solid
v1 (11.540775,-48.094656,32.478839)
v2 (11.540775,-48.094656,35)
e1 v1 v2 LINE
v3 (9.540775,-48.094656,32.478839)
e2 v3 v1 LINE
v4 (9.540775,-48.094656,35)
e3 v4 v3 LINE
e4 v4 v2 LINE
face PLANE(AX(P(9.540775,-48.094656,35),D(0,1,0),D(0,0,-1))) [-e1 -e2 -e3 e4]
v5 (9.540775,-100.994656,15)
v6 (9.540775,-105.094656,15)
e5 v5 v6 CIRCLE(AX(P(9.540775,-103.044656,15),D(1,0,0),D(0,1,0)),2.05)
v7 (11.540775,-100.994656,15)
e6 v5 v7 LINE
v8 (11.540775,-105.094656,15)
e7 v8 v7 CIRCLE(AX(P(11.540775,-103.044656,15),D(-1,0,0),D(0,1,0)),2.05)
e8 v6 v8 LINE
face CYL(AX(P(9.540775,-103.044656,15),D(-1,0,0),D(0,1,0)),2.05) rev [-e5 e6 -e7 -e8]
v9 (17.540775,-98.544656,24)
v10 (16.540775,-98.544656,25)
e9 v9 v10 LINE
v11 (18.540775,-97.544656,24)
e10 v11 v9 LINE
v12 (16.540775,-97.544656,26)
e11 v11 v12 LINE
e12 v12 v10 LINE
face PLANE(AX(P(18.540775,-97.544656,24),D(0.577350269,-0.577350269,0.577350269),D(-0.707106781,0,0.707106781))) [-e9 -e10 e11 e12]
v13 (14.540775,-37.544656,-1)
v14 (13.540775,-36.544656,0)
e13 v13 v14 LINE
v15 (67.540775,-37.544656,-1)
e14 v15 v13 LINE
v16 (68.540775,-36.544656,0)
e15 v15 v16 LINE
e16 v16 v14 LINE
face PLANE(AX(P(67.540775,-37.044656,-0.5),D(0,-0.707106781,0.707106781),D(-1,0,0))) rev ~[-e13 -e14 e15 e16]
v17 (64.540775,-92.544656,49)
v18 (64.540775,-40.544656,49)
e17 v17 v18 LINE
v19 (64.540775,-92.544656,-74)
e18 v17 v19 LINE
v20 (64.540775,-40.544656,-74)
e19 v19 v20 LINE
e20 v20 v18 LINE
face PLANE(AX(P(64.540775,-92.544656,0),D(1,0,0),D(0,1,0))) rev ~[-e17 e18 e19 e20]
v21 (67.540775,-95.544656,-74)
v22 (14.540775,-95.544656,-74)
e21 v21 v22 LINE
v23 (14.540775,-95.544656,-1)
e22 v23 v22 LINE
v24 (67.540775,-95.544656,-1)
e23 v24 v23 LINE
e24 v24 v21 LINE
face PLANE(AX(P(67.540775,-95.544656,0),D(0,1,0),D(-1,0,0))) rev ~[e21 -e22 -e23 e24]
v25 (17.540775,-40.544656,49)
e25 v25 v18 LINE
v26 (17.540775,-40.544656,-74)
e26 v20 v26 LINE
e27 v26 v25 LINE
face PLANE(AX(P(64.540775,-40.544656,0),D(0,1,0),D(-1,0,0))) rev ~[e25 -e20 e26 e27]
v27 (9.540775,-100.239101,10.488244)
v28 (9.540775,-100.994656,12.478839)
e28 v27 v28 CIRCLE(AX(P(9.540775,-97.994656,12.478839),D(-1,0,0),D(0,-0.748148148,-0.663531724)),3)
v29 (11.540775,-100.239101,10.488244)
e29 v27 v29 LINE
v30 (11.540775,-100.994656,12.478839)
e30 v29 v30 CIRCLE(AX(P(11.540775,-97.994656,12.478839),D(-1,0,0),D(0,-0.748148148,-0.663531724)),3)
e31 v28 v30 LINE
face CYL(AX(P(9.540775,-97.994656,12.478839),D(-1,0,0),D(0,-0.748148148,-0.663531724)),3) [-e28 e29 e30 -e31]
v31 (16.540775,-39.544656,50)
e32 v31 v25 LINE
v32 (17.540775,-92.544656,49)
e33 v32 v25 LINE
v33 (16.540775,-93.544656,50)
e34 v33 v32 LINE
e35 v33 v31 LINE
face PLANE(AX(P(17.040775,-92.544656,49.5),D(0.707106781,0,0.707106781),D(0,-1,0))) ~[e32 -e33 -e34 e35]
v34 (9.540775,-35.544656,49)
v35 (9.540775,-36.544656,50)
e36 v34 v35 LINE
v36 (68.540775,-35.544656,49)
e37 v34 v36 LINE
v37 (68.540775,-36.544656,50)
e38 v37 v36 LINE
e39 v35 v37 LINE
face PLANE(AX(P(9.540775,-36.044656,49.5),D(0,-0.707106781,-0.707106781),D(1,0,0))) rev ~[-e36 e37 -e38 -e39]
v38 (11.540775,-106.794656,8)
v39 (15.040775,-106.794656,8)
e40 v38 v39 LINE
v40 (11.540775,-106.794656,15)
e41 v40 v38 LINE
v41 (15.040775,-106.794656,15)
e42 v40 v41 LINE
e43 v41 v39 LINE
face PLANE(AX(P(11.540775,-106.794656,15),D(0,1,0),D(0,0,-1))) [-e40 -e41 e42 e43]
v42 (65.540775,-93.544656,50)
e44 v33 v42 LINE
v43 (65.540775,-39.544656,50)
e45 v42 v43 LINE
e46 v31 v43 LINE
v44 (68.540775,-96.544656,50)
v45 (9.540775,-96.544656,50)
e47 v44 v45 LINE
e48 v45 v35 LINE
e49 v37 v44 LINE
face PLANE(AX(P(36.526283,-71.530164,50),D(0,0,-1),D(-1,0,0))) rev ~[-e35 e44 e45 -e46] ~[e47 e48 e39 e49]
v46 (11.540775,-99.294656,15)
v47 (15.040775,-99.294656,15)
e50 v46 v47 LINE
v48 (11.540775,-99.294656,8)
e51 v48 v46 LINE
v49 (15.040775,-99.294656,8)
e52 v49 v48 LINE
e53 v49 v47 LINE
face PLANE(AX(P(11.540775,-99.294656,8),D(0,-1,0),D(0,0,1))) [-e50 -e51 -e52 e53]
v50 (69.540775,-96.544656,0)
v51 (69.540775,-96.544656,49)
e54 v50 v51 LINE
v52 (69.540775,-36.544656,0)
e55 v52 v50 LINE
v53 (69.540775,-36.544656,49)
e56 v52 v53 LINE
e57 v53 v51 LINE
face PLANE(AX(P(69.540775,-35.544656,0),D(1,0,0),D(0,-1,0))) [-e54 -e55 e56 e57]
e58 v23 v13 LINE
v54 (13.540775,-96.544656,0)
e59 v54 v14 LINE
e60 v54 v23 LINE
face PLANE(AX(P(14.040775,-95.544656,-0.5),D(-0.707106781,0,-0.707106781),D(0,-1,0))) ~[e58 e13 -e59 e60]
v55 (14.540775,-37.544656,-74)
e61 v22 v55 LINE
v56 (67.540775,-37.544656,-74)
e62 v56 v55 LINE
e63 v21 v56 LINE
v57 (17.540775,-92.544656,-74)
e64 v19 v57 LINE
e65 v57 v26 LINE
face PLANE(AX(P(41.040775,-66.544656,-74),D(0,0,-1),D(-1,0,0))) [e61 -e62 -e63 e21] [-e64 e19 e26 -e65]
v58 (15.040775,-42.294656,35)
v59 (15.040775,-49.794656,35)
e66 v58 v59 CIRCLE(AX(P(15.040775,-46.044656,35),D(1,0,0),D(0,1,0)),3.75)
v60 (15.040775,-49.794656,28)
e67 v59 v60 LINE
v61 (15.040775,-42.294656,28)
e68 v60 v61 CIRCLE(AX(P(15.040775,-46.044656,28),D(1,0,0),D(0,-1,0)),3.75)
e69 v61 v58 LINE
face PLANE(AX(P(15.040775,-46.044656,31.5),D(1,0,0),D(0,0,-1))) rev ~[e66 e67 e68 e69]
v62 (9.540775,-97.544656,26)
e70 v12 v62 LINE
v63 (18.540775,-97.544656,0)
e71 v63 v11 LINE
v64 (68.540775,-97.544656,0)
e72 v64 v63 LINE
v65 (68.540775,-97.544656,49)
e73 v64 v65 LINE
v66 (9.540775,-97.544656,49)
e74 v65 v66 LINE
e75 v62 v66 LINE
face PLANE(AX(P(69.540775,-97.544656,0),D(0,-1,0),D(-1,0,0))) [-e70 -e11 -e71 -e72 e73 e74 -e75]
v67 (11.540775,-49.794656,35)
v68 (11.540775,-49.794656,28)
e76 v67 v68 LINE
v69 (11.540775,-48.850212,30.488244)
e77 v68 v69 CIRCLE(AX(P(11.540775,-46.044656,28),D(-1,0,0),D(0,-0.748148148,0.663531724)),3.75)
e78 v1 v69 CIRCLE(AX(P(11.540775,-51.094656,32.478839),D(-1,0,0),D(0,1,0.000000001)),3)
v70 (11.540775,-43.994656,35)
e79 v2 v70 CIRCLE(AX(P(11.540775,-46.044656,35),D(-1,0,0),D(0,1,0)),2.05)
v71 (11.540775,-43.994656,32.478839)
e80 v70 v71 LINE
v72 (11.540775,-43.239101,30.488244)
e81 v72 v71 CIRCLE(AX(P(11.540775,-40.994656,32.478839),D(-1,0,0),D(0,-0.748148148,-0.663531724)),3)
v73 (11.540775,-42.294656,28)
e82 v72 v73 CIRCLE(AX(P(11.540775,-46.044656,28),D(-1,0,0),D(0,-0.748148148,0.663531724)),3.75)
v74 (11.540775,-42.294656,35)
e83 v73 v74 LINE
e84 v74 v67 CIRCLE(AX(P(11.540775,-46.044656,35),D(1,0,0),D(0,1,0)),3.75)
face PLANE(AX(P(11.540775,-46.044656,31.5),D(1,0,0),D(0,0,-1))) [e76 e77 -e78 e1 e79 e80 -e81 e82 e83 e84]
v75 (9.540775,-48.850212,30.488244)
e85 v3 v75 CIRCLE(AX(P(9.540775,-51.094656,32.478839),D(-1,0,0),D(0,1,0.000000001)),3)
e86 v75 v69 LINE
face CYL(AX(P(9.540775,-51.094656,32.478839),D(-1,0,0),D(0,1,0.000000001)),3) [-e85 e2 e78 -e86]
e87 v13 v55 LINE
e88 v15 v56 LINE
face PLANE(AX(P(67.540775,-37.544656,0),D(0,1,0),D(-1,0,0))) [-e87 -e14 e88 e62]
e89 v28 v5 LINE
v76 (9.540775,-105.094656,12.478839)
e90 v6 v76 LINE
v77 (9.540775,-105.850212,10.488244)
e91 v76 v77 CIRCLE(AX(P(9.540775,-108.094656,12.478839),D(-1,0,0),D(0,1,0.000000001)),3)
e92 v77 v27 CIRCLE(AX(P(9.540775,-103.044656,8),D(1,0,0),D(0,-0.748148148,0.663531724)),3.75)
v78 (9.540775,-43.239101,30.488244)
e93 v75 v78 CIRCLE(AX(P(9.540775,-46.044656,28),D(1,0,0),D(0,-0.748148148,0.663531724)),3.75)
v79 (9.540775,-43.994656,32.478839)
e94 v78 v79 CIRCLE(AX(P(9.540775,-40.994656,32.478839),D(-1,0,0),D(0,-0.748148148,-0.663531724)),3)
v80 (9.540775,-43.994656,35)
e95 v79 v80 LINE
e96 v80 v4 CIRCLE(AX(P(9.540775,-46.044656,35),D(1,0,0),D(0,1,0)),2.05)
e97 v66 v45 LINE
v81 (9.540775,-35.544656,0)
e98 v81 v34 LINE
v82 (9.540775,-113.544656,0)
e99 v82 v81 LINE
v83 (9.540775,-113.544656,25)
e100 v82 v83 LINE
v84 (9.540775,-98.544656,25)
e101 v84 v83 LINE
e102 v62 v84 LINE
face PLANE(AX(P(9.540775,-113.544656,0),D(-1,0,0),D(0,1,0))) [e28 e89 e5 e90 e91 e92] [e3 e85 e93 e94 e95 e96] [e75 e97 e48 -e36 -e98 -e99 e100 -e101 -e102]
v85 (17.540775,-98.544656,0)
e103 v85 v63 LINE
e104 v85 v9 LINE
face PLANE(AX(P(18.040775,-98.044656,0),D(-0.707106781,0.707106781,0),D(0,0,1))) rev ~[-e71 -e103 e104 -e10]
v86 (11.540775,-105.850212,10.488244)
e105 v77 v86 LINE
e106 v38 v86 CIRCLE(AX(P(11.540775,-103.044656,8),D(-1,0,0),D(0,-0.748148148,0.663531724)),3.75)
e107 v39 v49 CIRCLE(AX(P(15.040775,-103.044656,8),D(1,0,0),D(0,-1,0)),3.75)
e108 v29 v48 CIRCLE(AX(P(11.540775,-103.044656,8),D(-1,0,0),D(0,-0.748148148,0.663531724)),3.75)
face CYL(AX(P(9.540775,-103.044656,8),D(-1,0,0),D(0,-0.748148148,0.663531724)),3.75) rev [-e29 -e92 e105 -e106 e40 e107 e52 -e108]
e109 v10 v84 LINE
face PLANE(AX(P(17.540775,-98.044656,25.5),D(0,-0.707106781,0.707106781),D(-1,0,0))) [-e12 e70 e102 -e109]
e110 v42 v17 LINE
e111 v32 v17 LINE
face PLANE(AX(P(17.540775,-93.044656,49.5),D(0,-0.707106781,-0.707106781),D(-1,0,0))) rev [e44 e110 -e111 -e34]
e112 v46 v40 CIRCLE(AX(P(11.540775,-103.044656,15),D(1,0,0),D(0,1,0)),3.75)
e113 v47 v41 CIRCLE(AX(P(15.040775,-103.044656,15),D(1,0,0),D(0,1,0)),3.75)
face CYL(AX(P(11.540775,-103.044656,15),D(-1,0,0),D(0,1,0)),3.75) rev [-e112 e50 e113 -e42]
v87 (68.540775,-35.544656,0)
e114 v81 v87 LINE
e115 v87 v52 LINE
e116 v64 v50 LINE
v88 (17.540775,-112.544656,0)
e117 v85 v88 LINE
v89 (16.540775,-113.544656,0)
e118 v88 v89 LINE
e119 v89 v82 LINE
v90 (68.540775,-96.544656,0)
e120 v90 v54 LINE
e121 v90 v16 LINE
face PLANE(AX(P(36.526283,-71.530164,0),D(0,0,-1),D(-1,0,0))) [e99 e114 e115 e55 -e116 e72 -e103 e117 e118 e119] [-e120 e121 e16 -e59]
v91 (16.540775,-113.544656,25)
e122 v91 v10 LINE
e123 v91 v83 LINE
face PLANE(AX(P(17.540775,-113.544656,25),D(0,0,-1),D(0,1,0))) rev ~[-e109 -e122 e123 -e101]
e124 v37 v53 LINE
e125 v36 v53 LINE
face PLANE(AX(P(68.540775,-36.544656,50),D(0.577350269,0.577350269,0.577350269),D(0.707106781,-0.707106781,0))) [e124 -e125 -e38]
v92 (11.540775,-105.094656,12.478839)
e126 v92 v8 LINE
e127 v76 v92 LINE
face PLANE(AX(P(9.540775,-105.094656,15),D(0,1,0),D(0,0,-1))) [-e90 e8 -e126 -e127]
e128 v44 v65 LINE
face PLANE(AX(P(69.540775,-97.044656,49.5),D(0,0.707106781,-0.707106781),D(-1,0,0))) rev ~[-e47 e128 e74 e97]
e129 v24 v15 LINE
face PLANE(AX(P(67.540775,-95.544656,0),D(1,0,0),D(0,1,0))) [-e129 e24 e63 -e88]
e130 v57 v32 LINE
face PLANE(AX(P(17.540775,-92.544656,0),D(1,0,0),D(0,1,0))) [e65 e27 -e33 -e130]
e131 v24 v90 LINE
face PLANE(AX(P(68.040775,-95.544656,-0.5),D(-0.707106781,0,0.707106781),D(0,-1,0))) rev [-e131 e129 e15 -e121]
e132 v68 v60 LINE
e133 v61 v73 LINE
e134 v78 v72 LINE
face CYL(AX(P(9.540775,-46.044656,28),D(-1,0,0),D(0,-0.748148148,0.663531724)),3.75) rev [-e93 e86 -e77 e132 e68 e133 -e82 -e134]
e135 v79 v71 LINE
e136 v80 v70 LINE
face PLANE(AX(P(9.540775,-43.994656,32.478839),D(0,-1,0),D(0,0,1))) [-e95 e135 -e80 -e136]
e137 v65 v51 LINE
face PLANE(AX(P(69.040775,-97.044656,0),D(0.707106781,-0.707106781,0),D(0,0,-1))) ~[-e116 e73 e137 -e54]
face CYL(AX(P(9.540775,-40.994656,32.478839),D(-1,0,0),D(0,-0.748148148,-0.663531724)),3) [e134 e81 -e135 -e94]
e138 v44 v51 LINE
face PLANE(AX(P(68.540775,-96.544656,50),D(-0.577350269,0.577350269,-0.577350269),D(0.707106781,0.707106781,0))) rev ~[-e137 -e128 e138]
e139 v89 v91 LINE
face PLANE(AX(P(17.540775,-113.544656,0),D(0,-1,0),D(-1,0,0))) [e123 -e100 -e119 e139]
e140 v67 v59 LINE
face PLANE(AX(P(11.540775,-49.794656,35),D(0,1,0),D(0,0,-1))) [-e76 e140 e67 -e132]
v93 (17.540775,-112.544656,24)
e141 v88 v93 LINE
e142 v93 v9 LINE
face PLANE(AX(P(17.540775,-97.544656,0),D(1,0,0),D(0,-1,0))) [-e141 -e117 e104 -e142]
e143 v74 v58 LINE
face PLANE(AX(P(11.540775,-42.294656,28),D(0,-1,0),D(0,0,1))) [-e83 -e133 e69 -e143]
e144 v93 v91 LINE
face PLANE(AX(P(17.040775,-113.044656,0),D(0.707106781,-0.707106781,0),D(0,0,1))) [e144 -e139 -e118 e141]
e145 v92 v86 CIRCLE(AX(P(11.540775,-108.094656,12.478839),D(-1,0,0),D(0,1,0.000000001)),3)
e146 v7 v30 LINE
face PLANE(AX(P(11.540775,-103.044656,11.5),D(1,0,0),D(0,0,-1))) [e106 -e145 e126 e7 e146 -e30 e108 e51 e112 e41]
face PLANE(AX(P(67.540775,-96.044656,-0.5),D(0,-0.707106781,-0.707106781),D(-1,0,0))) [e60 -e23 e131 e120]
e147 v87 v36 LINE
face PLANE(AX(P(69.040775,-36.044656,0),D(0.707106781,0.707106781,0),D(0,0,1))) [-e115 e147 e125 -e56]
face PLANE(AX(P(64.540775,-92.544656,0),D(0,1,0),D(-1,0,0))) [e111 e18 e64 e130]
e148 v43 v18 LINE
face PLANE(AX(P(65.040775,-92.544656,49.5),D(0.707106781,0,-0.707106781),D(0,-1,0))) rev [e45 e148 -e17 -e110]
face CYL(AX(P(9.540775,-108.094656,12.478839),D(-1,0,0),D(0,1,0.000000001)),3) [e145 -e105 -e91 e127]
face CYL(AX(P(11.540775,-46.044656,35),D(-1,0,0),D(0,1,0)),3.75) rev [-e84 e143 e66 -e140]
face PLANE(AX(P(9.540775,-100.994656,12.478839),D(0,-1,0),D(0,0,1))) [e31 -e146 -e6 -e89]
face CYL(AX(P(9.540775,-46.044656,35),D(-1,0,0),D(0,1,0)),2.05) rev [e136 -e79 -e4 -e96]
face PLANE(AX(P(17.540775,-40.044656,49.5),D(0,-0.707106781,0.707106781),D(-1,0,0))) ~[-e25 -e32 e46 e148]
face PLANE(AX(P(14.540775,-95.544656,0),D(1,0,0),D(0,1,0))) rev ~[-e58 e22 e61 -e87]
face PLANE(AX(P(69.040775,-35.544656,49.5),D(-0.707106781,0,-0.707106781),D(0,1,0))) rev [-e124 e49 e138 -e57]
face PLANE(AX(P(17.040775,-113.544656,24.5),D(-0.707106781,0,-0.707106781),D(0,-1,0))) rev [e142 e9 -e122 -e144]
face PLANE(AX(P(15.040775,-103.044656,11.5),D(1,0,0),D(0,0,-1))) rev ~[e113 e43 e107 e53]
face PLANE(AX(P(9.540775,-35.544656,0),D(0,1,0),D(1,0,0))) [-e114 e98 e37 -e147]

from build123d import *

# Parameters (mm, degrees)
SKETCH1_W           = 47
SKETCH1_H           = 52
BOSS_EXTRUDE1_DEPTH = 50
SKETCH8_W           = 25
SKETCH8_H           = 16
CUT_EXTRUDE1_DEPTH  = 10
CUT_EXTRUDE2_START  = -2
CUT_EXTRUDE2_DEPTH  = 3.5
CUT_EXTRUDE3_DEPTH  = 3.5
CHAMFER1_SIZE       = 1
SKETCH6_W           = 53
SKETCH6_H           = 58
SKETCH6_W_2         = 47
SKETCH6_H_2         = 52
BOSS_EXTRUDE3_DEPTH = 74
CHAMFER2_SIZE       = 1


with BuildPart() as part:
    # Sketch1 → Boss-Extrude1 (new body)
    with BuildSketch(Plane.XY):
        Polygon((17.540775456, -97.544656267), (17.540775456, -113.544656267), (9.540775456, -113.544656267), (9.540775456, -35.544656267), (69.540775456, -35.544656267), (69.540775456, -97.544656267), align=None)
        with Locations((41.040775456, -66.544656267)):
            Rectangle(SKETCH1_W, SKETCH1_H, mode=Mode.SUBTRACT)
    extrude(amount=BOSS_EXTRUDE1_DEPTH)

    # Sketch8 → Cut-Extrude1 (cut)
    with BuildSketch(Plane(origin=(17.540775456, 0, 0), x_dir=(0, 0, -1), z_dir=(1, 0, 0))):
        with Locations((-37.5, -105.544656267)):
            Rectangle(SKETCH8_W, SKETCH8_H)
    extrude(amount=-CUT_EXTRUDE1_DEPTH, mode=Mode.SUBTRACT)

    # Sketch9 → Cut-Extrude2 (cut)
    with BuildSketch(Plane.ZY.offset(-9.540775456).offset(CUT_EXTRUDE2_START)):
        with BuildLine():
            Line((35, -49.794656267), (28, -49.794656267))
            ThreePointArc((28, -49.794656267), (24.25, -46.044656267), (28, -42.294656267))
            Line((28, -42.294656267), (35, -42.294656267))
            ThreePointArc((35, -42.294656267), (38.75, -46.044656267), (35, -49.794656267))
        make_face()
        with BuildLine():
            Line((15, -106.794656267), (8, -106.794656267))
            ThreePointArc((8, -106.794656267), (4.25, -103.044656267), (8, -99.294656267))
            Line((8, -99.294656267), (15, -99.294656267))
            ThreePointArc((15, -99.294656267), (18.75, -103.044656267), (15, -106.794656267))
        make_face()
    extrude(amount=-CUT_EXTRUDE2_DEPTH, mode=Mode.SUBTRACT)

    # Sketch10 → Cut-Extrude3 (cut)
    with BuildSketch(Plane.ZY.offset(-9.540775456)):
        with BuildLine():
            Line((35, -48.094656267), (32.478839135, -48.094656267))
            ThreePointArc((32.478839135, -48.094656267), (31.41425784, -48.289898404), (30.488243964, -48.850211822))
            ThreePointArc((30.488243964, -48.850211822), (24.25, -46.044656267), (30.488243964, -43.239100711))
            ThreePointArc((30.488243964, -43.239100711), (31.41425784, -43.799414129), (32.478839135, -43.994656267))
            Line((32.478839135, -43.994656267), (35, -43.994656267))
            ThreePointArc((35, -43.994656267), (37.05, -46.044656267), (35, -48.094656267))
        make_face()
        with BuildLine():
            Line((12.478839135, -100.994656267), (15, -100.994656267))
            ThreePointArc((15, -100.994656267), (17.05, -103.044656267), (15, -105.094656267))
            Line((15, -105.094656267), (12.478839135, -105.094656267))
            ThreePointArc((12.478839135, -105.094656267), (11.41425784, -105.289898404), (10.488243964, -105.850211822))
            ThreePointArc((10.488243964, -105.850211822), (4.25, -103.044656267), (10.488243964, -100.239100711))
            ThreePointArc((10.488243964, -100.239100711), (11.41425784, -100.799414129), (12.478839135, -100.994656267))
        make_face()
    extrude(amount=-CUT_EXTRUDE3_DEPTH, mode=Mode.SUBTRACT)

    # Chamfer1
    chamfer1_edges = [part.edges().sort_by_distance(p)[0] for p in [
        (69.540775456, -35.544656267, 25),
        (69.540775456, -97.544656267, 25),
        (39.540775456, -35.544656267, 50),
        (17.540775456, -66.544656267, 50),
        (41.040775456, -92.544656267, 50),
        (64.540775456, -66.544656267, 50),
        (41.040775456, -40.544656267, 50),
        (17.540775456, -97.544656267, 12.5),
        (17.540775456, -113.544656267, 12.5),
        (13.540775456, -97.544656267, 25),
        (17.540775456, -105.544656267, 25),
        (39.540775456, -97.544656267, 50),
        (69.540775456, -66.544656267, 50),
    ]]
    chamfer(chamfer1_edges, length=CHAMFER1_SIZE)

    # Sketch6 → Boss-Extrude3 (add)
    with BuildSketch(Plane(origin=(0, 0, 0), x_dir=(-1, 0, 0), z_dir=(0, 0, -1))):
        with Locations((-41.040775456, -66.544656267)):
            Rectangle(SKETCH6_W, SKETCH6_H)
        with Locations((-41.040775456, -66.544656267)):
            Rectangle(SKETCH6_W_2, SKETCH6_H_2, mode=Mode.SUBTRACT)
    extrude(amount=BOSS_EXTRUDE3_DEPTH)

    # Chamfer2
    chamfer2_edges = [part.edges().sort_by_distance(p)[0] for p in [
        (67.540775456, -66.544656267, 0),
        (41.040775456, -95.544656267, 0),
        (14.540775456, -66.544656267, 0),
        (41.040775456, -37.544656267, 0),
    ]]
    chamfer(chamfer2_edges, length=CHAMFER2_SIZE)


solid = part.part
